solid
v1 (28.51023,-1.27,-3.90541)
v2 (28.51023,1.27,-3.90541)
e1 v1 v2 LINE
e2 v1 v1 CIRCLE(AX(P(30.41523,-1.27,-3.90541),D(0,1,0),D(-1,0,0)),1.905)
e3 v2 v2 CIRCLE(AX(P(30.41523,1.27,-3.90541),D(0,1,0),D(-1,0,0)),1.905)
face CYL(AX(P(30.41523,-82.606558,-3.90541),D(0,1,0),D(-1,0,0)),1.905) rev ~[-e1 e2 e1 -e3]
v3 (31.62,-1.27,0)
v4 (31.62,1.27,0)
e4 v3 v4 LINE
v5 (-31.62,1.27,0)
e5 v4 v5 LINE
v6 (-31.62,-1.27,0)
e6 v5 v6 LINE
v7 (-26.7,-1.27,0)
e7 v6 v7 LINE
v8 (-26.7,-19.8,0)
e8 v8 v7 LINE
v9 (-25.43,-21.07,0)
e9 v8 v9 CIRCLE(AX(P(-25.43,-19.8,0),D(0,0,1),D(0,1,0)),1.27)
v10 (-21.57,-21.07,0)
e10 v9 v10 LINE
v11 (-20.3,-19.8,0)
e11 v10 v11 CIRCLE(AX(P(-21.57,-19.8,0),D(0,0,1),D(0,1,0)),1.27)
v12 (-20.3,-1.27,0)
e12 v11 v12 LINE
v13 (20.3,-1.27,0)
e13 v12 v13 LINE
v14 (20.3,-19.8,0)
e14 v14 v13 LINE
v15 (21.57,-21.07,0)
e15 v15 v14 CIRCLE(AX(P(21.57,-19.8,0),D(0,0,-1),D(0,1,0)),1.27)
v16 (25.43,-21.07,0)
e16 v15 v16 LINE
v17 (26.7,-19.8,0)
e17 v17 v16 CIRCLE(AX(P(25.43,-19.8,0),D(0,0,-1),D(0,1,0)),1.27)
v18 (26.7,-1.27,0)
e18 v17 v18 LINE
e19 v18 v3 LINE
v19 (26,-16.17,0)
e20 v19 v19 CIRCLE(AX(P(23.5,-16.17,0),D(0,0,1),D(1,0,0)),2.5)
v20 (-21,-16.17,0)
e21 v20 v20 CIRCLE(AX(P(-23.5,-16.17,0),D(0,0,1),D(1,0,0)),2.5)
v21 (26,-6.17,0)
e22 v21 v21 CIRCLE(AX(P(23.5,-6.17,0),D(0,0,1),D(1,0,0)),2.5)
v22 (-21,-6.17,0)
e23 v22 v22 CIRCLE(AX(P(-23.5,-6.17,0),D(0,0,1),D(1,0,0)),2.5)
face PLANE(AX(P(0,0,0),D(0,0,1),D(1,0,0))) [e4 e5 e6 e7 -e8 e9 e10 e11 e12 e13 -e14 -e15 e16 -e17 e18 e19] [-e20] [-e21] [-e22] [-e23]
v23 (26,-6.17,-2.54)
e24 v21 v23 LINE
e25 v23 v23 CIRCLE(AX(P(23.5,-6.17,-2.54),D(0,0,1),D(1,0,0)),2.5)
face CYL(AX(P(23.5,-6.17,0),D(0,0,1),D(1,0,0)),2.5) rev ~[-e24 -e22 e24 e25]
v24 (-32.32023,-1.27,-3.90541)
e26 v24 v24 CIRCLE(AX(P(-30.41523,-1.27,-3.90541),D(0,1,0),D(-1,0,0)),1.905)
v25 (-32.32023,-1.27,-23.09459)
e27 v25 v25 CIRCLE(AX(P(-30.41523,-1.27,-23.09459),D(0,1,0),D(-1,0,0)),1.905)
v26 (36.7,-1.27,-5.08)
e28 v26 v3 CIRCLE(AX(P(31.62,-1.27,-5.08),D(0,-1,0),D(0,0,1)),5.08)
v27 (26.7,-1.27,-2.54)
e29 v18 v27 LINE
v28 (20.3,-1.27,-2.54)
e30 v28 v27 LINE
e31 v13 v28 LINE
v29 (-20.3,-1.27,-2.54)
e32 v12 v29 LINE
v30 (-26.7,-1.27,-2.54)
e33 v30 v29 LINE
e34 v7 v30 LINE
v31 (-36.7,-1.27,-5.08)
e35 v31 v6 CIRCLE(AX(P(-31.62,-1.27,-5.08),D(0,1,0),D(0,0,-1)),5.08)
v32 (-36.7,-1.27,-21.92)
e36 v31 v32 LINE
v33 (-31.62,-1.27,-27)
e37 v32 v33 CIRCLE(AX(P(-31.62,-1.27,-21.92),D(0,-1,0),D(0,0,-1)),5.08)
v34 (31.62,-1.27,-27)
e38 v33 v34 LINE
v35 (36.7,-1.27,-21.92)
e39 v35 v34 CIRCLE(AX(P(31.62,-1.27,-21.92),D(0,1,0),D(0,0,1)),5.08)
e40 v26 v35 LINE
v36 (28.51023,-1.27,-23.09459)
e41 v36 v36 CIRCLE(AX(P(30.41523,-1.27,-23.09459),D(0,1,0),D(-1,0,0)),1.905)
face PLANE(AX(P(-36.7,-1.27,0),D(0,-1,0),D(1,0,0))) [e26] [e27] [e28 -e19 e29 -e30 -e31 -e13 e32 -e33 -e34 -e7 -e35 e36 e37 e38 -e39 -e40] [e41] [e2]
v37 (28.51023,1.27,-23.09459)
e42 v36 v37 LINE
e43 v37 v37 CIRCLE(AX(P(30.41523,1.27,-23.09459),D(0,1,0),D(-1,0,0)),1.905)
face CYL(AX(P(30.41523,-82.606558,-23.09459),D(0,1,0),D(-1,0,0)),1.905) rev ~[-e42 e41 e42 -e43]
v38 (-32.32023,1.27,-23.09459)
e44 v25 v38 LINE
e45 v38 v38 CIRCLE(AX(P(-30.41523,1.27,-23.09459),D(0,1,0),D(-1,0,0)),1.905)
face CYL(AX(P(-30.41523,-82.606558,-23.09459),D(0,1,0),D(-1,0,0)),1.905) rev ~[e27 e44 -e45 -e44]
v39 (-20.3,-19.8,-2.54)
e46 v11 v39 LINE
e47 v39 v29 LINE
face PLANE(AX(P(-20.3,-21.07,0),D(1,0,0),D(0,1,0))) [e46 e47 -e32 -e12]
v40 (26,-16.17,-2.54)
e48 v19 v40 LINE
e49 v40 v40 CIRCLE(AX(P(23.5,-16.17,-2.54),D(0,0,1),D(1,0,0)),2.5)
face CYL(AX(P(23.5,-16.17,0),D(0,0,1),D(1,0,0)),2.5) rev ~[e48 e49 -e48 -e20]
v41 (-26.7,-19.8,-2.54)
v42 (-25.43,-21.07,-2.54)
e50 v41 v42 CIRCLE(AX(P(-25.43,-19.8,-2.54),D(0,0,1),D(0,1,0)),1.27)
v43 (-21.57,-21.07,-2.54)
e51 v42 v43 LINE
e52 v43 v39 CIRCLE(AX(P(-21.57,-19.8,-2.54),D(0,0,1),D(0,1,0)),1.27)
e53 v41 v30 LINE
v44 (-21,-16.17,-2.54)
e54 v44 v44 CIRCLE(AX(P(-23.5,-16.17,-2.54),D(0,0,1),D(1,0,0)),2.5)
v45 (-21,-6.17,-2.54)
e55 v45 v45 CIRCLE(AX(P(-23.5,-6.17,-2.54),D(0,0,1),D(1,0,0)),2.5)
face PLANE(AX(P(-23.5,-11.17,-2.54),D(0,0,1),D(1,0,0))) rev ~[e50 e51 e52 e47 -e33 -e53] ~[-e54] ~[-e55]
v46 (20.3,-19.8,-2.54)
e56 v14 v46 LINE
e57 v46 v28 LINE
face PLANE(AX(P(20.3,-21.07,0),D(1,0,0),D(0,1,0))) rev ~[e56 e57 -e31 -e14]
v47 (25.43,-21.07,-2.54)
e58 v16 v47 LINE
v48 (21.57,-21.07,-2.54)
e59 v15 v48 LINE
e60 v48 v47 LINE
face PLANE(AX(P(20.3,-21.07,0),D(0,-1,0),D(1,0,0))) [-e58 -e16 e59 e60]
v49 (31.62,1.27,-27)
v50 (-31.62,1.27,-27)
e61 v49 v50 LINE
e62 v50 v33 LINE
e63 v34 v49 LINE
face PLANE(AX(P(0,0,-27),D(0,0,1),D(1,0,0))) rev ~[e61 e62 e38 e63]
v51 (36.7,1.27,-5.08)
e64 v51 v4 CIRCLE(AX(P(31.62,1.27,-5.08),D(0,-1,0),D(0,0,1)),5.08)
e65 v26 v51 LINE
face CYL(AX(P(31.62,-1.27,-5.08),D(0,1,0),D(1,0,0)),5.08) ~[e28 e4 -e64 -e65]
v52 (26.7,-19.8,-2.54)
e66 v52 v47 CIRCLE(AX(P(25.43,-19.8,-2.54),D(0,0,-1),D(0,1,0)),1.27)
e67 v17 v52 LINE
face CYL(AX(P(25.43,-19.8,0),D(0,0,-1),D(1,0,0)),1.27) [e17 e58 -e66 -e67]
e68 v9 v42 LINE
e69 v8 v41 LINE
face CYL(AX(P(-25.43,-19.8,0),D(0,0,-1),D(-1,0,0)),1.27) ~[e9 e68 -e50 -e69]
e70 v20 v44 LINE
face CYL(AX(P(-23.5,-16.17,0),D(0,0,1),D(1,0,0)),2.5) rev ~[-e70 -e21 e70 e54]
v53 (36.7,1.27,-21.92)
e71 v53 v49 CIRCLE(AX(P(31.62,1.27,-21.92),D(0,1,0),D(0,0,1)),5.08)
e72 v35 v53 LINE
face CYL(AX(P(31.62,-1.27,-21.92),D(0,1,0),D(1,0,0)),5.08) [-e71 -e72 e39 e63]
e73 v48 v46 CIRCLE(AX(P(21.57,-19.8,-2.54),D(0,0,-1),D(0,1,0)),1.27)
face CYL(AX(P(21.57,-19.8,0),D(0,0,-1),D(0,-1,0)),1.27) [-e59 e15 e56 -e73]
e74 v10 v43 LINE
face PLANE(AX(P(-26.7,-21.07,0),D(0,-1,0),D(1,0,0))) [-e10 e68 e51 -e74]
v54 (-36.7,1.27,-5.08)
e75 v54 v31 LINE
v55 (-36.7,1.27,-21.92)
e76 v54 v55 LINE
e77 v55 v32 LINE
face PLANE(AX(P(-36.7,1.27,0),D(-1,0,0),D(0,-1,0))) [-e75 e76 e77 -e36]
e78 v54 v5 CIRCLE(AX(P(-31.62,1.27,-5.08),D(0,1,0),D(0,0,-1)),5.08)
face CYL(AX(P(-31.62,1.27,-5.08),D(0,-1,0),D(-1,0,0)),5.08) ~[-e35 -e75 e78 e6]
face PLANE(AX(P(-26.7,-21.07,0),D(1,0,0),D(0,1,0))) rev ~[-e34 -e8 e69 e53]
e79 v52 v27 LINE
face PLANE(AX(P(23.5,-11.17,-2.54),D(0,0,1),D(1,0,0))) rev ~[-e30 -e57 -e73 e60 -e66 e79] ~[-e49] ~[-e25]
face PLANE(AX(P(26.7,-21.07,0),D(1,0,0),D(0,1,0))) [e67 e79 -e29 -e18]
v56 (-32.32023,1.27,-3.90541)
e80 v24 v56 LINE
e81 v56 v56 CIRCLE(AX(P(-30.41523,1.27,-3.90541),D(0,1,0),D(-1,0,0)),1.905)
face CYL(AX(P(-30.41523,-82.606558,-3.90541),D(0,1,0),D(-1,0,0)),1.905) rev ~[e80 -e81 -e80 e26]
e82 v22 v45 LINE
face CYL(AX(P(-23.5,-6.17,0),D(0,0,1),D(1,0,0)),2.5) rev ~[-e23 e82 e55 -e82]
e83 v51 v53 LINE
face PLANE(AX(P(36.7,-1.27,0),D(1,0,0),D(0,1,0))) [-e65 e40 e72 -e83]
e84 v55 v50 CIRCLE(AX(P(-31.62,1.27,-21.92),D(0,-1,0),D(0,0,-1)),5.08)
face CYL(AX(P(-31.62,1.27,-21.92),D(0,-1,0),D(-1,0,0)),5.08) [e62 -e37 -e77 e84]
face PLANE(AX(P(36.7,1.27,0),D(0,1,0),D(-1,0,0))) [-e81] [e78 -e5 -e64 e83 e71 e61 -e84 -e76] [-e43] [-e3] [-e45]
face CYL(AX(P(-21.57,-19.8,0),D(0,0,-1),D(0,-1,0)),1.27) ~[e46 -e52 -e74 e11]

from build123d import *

# Parameters (mm, degrees)
F1_DEPTH = 27
F0_W     = 6.4
F0_H     = 19.8
F0_R     = 2.5
F2_DEPTH = 2.54
F3_R     = 5.08
F5_D     = 3.81
F6_R     = 1.27


with BuildPart() as f1:
    # F0 (on Top) → F1 (new body)
    with BuildSketch(Plane.XY):
        Polygon((36.7, 1.27), (26.7, 1.27), (-26.7, 1.27), (-36.7, 1.27), (-36.7, -1.27), (-26.7, -1.27), (-20.3, -1.27), (20.3, -1.27), (26.7, -1.27), (36.7, -1.27), align=None)
    extrude(amount=-F1_DEPTH)

    # F0 (on Top) → F2 (join)
    with BuildSketch(Plane.XY):
        with Locations((-23.5, -11.17)):
            Rectangle(F0_W, F0_H)
        with Locations((-23.5, -16.17)):
            Circle(F0_R, mode=Mode.SUBTRACT)
        with Locations((-23.5, -6.17)):
            Circle(F0_R, mode=Mode.SUBTRACT)
        with Locations((23.5, -11.17)):
            Rectangle(F0_W, F0_H)
        with Locations((23.5, -16.17)):
            Circle(F0_R, mode=Mode.SUBTRACT)
        with Locations((23.5, -6.17)):
            Circle(F0_R, mode=Mode.SUBTRACT)
    extrude(amount=-F2_DEPTH)

    # F3
    f3_edges = [f1.edges().sort_by_distance(p)[0] for p in [
        (-36.7, 0, 0),
        (36.7, 0, 0),
        (36.7, 0, -27),
        (-36.7, 0, -27),
    ]]
    fillet(f3_edges, radius=F3_R)

    # F5 (through all)
    with Locations(Plane.XZ.offset(1.27)):
        with Locations((-30.41523, -3.90541), (-30.41523, -23.09459), (30.41523, -3.90541), (30.41523, -23.09459)):
            Hole(F5_D / 2)

    # F6
    f6_edges = [f1.edges().sort_by_distance(p)[0] for p in [
        (-20.3, -21.07, -1.27),
        (-26.7, -21.07, -1.27),
        (20.3, -21.07, -1.27),
        (26.7, -21.07, -1.27),
    ]]
    fillet(f6_edges, radius=F6_R)


solid = f1.part
